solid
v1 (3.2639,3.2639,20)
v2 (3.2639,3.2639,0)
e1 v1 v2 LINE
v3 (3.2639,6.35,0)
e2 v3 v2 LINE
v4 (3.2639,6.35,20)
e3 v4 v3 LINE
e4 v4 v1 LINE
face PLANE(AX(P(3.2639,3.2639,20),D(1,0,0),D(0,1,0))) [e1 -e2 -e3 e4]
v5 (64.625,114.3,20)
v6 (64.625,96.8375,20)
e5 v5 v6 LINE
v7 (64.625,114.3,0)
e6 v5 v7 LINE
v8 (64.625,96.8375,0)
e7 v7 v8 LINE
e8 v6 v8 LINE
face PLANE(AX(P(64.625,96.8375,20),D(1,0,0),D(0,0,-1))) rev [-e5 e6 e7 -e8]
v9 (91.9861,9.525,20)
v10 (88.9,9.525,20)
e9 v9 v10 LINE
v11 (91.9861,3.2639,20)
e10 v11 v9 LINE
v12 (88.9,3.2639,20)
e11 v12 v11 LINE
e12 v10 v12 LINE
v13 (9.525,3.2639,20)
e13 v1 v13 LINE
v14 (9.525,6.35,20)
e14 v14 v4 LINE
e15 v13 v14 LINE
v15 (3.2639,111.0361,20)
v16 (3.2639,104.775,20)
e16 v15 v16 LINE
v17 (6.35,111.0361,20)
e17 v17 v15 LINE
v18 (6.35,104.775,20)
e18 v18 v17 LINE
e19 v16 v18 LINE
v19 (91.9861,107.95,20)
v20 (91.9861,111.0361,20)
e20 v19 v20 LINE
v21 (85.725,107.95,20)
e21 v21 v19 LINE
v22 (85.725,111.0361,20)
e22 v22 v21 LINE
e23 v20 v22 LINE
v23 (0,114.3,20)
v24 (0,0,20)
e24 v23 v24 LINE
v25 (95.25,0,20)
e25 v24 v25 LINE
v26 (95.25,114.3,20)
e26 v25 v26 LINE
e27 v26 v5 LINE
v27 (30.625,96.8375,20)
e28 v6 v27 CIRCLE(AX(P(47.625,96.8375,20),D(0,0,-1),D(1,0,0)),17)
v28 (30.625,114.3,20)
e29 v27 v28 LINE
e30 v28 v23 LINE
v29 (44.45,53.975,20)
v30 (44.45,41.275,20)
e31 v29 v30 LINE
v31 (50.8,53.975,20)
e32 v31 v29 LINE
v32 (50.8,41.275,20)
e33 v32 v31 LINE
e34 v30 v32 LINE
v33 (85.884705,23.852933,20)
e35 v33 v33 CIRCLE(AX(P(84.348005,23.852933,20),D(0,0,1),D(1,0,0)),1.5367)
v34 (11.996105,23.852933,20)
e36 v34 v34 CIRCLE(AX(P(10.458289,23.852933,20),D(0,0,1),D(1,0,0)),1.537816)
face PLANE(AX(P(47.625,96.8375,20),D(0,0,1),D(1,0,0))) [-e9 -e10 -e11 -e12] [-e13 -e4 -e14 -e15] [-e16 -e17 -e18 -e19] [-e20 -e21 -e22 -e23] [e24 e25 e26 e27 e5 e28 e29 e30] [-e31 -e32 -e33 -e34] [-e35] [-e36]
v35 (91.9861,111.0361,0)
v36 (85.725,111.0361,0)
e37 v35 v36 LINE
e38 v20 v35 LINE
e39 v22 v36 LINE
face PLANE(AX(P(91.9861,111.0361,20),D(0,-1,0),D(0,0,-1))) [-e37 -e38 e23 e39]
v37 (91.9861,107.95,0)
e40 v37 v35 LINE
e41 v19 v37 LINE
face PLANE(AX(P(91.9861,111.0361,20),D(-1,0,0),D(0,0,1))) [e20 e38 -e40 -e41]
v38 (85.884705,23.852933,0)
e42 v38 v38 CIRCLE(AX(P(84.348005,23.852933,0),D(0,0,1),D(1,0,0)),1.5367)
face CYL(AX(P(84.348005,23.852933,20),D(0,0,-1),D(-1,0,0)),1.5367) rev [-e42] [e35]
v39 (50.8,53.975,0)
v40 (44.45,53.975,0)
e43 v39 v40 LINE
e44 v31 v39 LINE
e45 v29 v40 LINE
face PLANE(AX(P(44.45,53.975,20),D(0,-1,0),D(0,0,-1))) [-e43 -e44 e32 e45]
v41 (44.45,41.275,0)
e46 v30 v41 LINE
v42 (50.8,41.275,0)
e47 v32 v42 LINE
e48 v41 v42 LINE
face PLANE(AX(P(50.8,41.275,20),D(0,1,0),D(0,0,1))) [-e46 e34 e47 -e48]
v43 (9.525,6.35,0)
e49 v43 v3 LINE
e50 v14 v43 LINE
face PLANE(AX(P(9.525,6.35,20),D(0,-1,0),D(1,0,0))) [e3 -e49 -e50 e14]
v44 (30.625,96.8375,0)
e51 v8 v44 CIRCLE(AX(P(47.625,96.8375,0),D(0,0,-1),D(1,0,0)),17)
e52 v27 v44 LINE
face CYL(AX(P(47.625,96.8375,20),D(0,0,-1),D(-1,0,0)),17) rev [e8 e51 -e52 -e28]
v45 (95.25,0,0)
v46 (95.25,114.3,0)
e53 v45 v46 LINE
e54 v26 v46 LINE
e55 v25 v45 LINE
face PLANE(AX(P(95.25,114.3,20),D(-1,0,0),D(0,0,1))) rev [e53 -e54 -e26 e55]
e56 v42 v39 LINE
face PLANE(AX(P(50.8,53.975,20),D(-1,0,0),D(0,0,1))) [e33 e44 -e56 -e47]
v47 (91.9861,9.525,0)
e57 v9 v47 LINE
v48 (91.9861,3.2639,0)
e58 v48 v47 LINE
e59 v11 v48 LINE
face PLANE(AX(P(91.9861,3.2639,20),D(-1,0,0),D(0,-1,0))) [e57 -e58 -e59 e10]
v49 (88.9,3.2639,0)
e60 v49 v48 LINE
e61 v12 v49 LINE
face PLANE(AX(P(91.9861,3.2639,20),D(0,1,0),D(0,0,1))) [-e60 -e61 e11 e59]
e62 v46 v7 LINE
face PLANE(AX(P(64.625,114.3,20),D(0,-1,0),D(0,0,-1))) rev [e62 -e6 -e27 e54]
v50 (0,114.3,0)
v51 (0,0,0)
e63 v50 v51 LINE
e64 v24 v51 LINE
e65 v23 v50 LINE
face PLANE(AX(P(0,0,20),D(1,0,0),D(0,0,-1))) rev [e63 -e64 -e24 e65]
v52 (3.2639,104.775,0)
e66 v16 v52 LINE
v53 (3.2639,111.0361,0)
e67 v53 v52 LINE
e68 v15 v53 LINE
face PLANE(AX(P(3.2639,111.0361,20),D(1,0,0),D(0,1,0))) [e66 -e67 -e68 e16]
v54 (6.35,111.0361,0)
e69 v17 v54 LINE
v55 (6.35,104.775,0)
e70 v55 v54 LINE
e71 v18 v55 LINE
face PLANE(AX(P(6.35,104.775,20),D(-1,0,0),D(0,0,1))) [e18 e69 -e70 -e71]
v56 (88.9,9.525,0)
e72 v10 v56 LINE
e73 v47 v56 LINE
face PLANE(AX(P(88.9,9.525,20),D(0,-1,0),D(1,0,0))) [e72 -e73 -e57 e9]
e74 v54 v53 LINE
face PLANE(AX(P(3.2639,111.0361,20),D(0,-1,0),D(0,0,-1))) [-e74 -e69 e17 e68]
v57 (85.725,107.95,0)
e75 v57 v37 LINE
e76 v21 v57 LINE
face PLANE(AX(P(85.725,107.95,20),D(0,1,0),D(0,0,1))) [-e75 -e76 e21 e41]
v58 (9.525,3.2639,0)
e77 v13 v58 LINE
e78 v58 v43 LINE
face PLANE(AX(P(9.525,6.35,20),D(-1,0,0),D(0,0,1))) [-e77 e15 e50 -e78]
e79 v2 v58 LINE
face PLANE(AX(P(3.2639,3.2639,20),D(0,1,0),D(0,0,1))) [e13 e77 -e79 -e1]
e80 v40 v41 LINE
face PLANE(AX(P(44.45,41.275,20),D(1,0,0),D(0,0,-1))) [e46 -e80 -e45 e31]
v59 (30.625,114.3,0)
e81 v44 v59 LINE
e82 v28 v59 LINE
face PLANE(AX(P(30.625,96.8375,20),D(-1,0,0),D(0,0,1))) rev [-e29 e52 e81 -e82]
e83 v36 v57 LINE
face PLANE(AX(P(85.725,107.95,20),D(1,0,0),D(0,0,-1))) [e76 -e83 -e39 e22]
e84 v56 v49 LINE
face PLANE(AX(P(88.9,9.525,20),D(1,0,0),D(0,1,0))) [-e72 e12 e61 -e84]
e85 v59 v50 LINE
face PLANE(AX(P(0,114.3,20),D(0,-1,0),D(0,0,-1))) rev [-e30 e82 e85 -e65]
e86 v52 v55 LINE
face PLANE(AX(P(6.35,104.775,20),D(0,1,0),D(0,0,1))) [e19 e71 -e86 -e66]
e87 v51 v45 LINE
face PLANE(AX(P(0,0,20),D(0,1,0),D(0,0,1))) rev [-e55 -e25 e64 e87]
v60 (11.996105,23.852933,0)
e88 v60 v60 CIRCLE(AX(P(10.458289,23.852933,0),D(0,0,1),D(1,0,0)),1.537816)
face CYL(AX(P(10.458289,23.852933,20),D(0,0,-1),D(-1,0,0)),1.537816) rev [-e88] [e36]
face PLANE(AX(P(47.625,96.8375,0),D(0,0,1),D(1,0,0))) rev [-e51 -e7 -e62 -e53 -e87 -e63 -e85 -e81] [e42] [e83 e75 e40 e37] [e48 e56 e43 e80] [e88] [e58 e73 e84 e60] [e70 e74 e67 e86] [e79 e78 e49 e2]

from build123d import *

# Parameters (mm, degrees)
SKETCH1_R           = 1.5367
SKETCH1_R_2         = 1.537816199
SKETCH1_W           = 6.2611
SKETCH1_H           = 3.0861
SKETCH1_W_2         = 6.35
SKETCH1_H_2         = 12.7
SKETCH1_W_3         = 3.0861
SKETCH1_H_3         = 6.2611
BOSS_EXTRUDE5_DEPTH = 20


with BuildPart() as part:
    # Sketch1 → Boss-Extrude5 (new body)
    with BuildSketch(Plane.XY):
        with BuildLine():
            Line((0, 0), (95.25, 0))
            Line((95.25, 0), (95.25, 114.3))
            Line((95.25, 114.3), (64.625, 114.3))
            Line((64.625, 114.3), (64.625, 96.8375))
            ThreePointArc((64.625, 96.8375), (47.625, 79.8375), (30.625, 96.8375))
            Line((30.625, 96.8375), (30.625, 114.3))
            Line((30.625, 114.3), (0, 114.3))
            Line((0, 114.3), (0, 0))
        make_face()
        with Locations((84.348005256, 23.852932932)):
            Circle(SKETCH1_R, mode=Mode.SUBTRACT)
        with Locations((10.458289057, 23.852932932)):
            Circle(SKETCH1_R_2, mode=Mode.SUBTRACT)
        with Locations((6.39445, 4.80695)):
            Rectangle(SKETCH1_W, SKETCH1_H, mode=Mode.SUBTRACT)
        with Locations((47.625, 47.625)):
            Rectangle(SKETCH1_W_2, SKETCH1_H_2, mode=Mode.SUBTRACT)
        with Locations((90.44305, 6.39445)):
            Rectangle(SKETCH1_W_3, SKETCH1_H_3, mode=Mode.SUBTRACT)
        with Locations((4.80695, 107.90555)):
            Rectangle(SKETCH1_W_3, SKETCH1_H_3, mode=Mode.SUBTRACT)
        with Locations((88.85555, 109.49305)):
            Rectangle(SKETCH1_W, SKETCH1_H, mode=Mode.SUBTRACT)
    extrude(amount=BOSS_EXTRUDE5_DEPTH)


solid = part.part
